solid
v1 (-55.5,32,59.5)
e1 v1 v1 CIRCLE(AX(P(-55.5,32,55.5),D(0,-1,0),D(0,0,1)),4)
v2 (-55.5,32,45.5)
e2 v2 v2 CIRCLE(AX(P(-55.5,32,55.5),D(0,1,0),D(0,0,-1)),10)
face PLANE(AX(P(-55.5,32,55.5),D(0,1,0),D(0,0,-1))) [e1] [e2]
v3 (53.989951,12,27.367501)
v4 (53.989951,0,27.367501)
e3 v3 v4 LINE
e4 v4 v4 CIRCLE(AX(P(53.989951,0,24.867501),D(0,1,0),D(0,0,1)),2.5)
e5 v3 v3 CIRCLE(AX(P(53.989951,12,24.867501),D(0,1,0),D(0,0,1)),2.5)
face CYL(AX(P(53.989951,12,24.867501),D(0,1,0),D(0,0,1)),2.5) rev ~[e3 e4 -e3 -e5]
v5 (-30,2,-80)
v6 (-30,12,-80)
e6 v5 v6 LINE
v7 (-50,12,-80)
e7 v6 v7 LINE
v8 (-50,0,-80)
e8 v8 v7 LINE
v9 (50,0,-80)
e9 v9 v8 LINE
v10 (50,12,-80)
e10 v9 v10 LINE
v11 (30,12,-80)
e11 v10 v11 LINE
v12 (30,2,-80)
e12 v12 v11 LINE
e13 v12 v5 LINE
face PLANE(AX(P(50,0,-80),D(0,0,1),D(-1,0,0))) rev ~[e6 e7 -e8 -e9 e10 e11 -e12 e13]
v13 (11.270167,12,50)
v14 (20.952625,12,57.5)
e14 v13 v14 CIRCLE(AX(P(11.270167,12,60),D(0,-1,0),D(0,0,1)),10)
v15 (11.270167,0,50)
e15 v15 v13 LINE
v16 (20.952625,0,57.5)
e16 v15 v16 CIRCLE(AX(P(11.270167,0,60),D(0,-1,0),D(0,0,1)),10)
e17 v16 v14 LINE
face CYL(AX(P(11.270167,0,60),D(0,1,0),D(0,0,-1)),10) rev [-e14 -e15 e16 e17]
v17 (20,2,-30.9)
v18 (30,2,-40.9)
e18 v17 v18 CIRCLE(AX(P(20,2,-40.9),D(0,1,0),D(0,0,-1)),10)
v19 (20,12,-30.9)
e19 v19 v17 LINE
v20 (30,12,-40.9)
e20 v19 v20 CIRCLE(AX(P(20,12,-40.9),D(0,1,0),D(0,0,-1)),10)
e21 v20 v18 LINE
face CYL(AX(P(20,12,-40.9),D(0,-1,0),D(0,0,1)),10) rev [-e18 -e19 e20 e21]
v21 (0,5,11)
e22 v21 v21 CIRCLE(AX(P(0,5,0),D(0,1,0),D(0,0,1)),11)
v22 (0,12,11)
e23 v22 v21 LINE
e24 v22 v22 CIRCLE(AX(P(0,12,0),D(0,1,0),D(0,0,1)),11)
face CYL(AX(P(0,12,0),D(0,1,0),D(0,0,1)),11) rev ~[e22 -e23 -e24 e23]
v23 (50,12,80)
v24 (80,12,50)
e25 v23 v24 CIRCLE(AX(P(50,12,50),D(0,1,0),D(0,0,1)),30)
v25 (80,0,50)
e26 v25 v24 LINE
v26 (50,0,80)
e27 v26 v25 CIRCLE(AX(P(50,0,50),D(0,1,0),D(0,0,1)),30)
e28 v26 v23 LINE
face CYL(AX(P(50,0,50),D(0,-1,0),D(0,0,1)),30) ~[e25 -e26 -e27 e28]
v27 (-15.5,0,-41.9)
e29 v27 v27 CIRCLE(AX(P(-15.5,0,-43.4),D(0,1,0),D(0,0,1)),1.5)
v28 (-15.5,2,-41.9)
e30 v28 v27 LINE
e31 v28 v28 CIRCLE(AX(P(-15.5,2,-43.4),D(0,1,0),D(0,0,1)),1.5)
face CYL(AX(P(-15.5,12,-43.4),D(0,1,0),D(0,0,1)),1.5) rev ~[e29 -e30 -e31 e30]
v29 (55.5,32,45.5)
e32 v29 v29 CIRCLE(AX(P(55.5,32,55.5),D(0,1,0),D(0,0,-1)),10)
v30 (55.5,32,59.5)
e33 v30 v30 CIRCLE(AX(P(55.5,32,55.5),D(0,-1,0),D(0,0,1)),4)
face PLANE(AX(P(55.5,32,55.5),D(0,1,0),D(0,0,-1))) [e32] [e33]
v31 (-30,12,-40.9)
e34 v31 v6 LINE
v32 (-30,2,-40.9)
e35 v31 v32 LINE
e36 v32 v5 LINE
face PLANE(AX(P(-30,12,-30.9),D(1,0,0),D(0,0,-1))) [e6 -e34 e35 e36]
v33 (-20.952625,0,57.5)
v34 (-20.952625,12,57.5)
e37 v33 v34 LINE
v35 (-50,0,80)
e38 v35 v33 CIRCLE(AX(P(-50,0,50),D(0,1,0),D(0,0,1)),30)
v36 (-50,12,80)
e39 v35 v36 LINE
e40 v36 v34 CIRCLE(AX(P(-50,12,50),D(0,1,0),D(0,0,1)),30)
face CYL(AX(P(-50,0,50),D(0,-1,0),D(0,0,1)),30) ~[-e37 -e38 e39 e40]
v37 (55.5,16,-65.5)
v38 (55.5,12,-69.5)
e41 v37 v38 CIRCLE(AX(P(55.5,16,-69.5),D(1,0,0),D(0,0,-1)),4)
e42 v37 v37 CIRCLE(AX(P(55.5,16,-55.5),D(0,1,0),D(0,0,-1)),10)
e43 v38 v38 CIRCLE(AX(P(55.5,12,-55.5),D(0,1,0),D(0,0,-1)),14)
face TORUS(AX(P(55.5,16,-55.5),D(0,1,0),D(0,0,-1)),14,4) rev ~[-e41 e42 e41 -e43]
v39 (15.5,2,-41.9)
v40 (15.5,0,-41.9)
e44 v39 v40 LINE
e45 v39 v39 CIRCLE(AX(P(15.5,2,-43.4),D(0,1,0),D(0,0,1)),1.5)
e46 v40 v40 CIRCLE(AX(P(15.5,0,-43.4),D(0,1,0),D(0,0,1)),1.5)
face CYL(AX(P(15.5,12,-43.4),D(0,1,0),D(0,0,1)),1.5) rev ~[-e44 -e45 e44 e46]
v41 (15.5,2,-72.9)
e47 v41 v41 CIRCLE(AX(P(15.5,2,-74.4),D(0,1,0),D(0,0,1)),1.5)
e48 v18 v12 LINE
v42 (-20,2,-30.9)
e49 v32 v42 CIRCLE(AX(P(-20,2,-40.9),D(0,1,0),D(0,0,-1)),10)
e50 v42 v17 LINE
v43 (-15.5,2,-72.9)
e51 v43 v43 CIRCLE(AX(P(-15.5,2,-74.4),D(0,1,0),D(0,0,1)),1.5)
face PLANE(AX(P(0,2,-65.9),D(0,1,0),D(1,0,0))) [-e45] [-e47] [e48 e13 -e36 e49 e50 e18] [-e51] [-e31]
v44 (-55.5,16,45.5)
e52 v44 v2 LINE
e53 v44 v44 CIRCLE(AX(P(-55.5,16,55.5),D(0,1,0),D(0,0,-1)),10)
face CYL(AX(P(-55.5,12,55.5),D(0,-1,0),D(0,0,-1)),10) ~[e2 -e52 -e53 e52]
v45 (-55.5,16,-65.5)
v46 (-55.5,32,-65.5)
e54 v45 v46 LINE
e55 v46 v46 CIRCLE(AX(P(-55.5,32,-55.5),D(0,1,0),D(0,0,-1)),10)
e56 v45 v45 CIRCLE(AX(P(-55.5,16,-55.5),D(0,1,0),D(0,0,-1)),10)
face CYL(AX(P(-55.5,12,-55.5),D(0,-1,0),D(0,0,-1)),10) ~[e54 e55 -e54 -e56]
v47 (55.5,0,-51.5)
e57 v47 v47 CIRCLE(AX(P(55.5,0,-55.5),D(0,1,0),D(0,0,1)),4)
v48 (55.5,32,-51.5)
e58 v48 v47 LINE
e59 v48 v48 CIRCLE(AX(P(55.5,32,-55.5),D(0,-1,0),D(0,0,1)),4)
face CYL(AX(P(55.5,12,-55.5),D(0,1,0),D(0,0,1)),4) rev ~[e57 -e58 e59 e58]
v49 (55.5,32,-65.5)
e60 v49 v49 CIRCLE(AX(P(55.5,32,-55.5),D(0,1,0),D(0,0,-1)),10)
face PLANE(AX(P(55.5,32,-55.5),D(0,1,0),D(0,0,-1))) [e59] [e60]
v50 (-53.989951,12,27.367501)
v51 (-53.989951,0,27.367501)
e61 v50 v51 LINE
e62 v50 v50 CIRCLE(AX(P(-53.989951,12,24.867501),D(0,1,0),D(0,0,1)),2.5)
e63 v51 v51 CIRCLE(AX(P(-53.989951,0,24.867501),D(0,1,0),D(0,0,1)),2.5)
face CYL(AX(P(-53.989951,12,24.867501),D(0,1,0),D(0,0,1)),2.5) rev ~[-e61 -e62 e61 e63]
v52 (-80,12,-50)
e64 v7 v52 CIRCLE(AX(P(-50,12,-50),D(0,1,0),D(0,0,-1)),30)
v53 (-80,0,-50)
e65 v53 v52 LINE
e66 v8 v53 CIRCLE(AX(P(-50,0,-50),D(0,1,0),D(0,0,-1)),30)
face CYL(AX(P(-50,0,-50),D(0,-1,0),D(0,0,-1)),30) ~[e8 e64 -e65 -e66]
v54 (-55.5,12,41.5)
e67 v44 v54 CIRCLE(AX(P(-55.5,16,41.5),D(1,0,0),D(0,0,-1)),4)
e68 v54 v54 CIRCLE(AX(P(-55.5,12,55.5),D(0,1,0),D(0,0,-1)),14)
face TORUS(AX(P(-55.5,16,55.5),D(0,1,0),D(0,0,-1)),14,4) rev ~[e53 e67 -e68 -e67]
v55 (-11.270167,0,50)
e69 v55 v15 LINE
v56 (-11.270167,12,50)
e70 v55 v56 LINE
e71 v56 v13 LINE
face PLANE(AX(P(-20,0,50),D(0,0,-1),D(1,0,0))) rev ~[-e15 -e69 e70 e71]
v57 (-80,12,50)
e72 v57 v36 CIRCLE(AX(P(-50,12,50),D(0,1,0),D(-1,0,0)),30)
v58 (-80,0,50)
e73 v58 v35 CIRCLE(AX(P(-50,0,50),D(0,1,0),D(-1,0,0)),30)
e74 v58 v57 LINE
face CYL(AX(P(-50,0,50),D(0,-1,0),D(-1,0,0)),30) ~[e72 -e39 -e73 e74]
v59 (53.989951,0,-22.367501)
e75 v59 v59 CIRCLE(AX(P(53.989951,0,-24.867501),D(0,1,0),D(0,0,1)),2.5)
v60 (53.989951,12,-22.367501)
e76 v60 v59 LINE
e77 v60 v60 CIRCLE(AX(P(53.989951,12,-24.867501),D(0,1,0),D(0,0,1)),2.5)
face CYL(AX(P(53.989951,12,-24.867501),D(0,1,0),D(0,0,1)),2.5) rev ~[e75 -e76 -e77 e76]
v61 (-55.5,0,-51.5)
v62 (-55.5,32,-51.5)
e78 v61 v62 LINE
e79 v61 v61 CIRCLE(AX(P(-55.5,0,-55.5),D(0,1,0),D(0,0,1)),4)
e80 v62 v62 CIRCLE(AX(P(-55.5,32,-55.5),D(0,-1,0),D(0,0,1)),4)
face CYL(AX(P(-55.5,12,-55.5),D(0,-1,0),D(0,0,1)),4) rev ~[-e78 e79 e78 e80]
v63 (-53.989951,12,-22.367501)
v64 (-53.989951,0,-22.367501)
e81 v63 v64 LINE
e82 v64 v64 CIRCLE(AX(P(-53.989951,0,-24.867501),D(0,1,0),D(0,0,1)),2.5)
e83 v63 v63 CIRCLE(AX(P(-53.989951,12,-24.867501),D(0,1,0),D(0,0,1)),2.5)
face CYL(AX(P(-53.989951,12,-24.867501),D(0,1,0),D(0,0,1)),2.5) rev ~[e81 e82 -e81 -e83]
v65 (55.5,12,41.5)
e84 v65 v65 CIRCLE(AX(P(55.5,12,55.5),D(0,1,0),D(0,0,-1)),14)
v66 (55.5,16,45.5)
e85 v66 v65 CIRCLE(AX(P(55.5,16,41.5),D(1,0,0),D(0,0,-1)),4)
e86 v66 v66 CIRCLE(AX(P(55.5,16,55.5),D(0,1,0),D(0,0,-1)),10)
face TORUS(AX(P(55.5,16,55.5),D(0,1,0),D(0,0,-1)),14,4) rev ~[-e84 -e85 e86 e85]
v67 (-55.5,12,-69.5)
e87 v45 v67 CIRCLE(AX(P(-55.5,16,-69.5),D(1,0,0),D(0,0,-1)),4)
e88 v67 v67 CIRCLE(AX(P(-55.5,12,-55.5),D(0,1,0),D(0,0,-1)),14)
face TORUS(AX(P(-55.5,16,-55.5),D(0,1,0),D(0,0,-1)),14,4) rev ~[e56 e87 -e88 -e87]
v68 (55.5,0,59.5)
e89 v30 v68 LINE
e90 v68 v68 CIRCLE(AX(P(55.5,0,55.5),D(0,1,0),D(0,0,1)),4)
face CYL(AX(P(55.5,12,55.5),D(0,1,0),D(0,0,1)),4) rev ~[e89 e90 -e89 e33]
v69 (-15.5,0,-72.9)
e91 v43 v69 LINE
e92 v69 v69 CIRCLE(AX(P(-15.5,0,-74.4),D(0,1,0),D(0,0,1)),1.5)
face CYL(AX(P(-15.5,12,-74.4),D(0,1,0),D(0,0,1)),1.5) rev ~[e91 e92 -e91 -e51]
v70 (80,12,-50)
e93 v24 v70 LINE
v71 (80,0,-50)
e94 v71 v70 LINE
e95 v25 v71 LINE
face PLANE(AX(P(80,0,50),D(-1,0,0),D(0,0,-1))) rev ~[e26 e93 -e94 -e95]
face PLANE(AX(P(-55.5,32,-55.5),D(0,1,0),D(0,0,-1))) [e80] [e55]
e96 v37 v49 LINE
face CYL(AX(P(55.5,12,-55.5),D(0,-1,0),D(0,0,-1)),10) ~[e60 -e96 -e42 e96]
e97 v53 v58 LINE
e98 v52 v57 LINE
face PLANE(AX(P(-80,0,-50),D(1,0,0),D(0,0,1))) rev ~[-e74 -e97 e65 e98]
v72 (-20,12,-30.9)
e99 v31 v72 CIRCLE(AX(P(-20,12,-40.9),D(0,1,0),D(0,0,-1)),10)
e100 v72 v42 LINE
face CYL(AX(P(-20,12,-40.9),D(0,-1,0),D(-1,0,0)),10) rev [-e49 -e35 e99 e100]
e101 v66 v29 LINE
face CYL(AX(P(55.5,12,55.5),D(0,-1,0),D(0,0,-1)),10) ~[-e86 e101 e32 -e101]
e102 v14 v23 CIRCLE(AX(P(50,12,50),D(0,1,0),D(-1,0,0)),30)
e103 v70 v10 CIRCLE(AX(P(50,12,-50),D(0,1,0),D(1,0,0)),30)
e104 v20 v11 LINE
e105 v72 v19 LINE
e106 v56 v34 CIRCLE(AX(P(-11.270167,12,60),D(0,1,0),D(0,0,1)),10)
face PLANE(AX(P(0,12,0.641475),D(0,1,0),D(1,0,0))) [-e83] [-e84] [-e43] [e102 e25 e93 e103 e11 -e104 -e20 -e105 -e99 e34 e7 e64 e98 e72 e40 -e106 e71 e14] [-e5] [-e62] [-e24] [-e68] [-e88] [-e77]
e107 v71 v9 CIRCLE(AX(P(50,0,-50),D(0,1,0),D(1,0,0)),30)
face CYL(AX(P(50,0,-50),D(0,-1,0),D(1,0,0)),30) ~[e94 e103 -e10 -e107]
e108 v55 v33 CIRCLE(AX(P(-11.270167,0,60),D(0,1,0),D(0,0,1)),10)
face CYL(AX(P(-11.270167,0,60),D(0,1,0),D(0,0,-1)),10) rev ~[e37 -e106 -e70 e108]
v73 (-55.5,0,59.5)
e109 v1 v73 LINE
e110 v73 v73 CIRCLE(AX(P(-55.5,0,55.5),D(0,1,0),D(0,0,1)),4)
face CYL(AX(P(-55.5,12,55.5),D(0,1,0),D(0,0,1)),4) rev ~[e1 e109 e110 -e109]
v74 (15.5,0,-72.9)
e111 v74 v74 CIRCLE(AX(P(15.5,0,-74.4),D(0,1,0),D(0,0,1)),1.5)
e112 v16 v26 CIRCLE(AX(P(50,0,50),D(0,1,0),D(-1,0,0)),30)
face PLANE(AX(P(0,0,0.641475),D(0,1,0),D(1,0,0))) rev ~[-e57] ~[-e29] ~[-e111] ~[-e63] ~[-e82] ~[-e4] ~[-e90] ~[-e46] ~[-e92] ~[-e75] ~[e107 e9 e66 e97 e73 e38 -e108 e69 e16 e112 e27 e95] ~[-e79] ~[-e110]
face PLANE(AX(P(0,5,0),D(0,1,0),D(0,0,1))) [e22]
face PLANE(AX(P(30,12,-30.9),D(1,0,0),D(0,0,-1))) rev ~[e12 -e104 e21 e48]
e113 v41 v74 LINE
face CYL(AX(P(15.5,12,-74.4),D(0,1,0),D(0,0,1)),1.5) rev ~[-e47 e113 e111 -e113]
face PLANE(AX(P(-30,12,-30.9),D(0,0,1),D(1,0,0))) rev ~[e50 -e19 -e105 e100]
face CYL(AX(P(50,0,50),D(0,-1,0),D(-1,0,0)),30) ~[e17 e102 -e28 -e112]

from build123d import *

# Parameters (mm, degrees)
BOSS_EXTRUDE6_DEPTH = 12
FILLET4_R           = 10
SKETCH13_R          = 4
CUT_EXTRUDE5_DEPTH  = 114.771701227
SKETCH14_R          = 10
BOSS_EXTRUDE7_DEPTH = 20
SKETCH15_R          = 4
CUT_EXTRUDE6_DEPTH  = 115.891252931
FILLET5_R           = 4
SKETCH16_R          = 11
CUT_EXTRUDE7_DEPTH  = 7
SKETCH17_R          = 1.5
CUT_EXTRUDE8_DEPTH  = 115.891252931
SKETCH18_W          = 60
SKETCH18_H          = 70
CUT_EXTRUDE9_DEPTH  = 10
FILLET6_R           = 10
SKETCH19_R          = 2.5
CUT_EXTRUDE10_DEPTH = 115.891252931


with BuildPart() as part:
    # Sketch12 → Boss-Extrude6 (new body)
    with BuildSketch(Plane(origin=(0, 0, 0), x_dir=(1, 0, 0), z_dir=(0, 1, 0))):
        with BuildLine():
            Line((-20, -50), (20, -50))
            ThreePointArc((20, -50), (28.786796564, -71.213203436), (50, -80))
            ThreePointArc((50, -80), (71.213203436, -71.213203436), (80, -50))
            Line((80, -50), (80, 50))
            ThreePointArc((80, 50), (71.213203436, 71.213203436), (50, 80))
            Line((50, 80), (-50, 80))
            ThreePointArc((-50, 80), (-71.213203436, 71.213203436), (-80, 50))
            Line((-80, 50), (-80, -50))
            ThreePointArc((-80, -50), (-71.213203436, -71.213203436), (-50, -80))
            ThreePointArc((-50, -80), (-28.786796564, -71.213203436), (-20, -50))
        make_face()
    extrude(amount=BOSS_EXTRUDE6_DEPTH)

    # Fillet4
    fillet4_edges = [part.edges().sort_by_distance(p)[0] for p in [
        (20, 6, 50),
        (-20, 6, 50),
    ]]
    fillet(fillet4_edges, radius=FILLET4_R)

    # Sketch13 → Cut-Extrude5 (cut, through all)
    with BuildSketch(Plane(origin=(0, 12, 0), x_dir=(1, 0, 0), z_dir=(0, 1, 0))):
        with Locations(Location((-55.5, 55.5, 0), (0, 0, 270))):
            Circle(SKETCH13_R)
        with Locations(Location((55.5, 55.5, 0), (0, 0, 270))):
            Circle(SKETCH13_R)
        with Locations(Location((-55.5, -55.5, 0), (0, 0, 270))):
            Circle(SKETCH13_R)
        with Locations(Location((55.5, -55.5, 0), (0, 0, 270))):
            Circle(SKETCH13_R)
    extrude(amount=-CUT_EXTRUDE5_DEPTH, mode=Mode.SUBTRACT)

    # Sketch14 → Boss-Extrude7 (add)
    with BuildSketch(Plane(origin=(0, 12, 0), x_dir=(1, 0, 0), z_dir=(0, 1, 0))):
        with Locations(Location((-55.5, 55.5, 0), (0, 0, 90))):
            Circle(SKETCH14_R)
        with Locations(Location((55.5, 55.5, 0), (0, 0, 90))):
            Circle(SKETCH14_R)
        with Locations(Location((-55.5, -55.5, 0), (0, 0, 90))):
            Circle(SKETCH14_R)
        with Locations(Location((55.5, -55.5, 0), (0, 0, 90))):
            Circle(SKETCH14_R)
    extrude(amount=BOSS_EXTRUDE7_DEPTH)

    # Sketch15 → Cut-Extrude6 (cut, through all)
    with BuildSketch(Plane.XZ.offset(-12)):
        with Locations(Location((-55.5, -55.5, 0), (0, 0, 90))):
            Circle(SKETCH15_R)
        with Locations(Location((-55.5, 55.5, 0), (0, 0, 90))):
            Circle(SKETCH15_R)
        with Locations(Location((55.5, 55.5, 0), (0, 0, 90))):
            Circle(SKETCH15_R)
        with Locations(Location((55.5, -55.5, 0), (0, 0, 90))):
            Circle(SKETCH15_R)
    extrude(amount=-CUT_EXTRUDE6_DEPTH, mode=Mode.SUBTRACT)

    # Fillet5
    fillet5_edges = [part.edges().sort_by_distance(p)[0] for p in [
        (-55.5, 12, -45.5),
        (-55.5, 12, 65.5),
        (55.5, 12, 65.5),
        (55.5, 12, -45.5),
    ]]
    fillet(fillet5_edges, radius=FILLET5_R)

    # Sketch16 → Cut-Extrude7 (cut)
    with BuildSketch(Plane(origin=(0, 12, 0), x_dir=(1, 0, 0), z_dir=(0, 1, 0))):
        with Locations(Location((0, 0, 0), (0, 0, 270))):
            Circle(SKETCH16_R)
    extrude(amount=-CUT_EXTRUDE7_DEPTH, mode=Mode.SUBTRACT)

    # Sketch17 → Cut-Extrude8 (cut, through all)
    with BuildSketch(Plane(origin=(0, 12, 0), x_dir=(1, 0, 0), z_dir=(0, 1, 0))):
        with Locations(Location((-15.5, 74.4, 0), (0, 0, 270))):
            Circle(SKETCH17_R)
        with Locations(Location((15.5, 74.4, 0), (0, 0, 270))):
            Circle(SKETCH17_R)
        with Locations(Location((-15.5, 43.4, 0), (0, 0, 270))):
            Circle(SKETCH17_R)
        with Locations(Location((15.5, 43.4, 0), (0, 0, 270))):
            Circle(SKETCH17_R)
    extrude(amount=-CUT_EXTRUDE8_DEPTH, mode=Mode.SUBTRACT)

    # Sketch18 → Cut-Extrude9 (cut)
    with BuildSketch(Plane(origin=(0, 12, 0), x_dir=(1, 0, 0), z_dir=(0, 1, 0))):
        with Locations((0, 65.9)):
            Rectangle(SKETCH18_W, SKETCH18_H)
    extrude(amount=-CUT_EXTRUDE9_DEPTH, mode=Mode.SUBTRACT)

    # Fillet6
    fillet6_edges = [part.edges().sort_by_distance(p)[0] for p in [
        (-30, 7, -30.9),
        (30, 7, -30.9),
    ]]
    fillet(fillet6_edges, radius=FILLET6_R)

    # Sketch19 → Cut-Extrude10 (cut, through all)
    with BuildSketch(Plane(origin=(0, 12, 0), x_dir=(1, 0, 0), z_dir=(0, 1, 0))):
        with Locations(Location((-53.98995062, 24.867500749, 0), (0, 0, 270))):
            Circle(SKETCH19_R)
        with Locations(Location((-53.98995062, -24.867500749, 0), (0, 0, 270))):
            Circle(SKETCH19_R)
        with Locations(Location((53.98995062, 24.867500749, 0), (0, 0, 270))):
            Circle(SKETCH19_R)
        with Locations(Location((53.98995062, -24.867500749, 0), (0, 0, 270))):
            Circle(SKETCH19_R)
    extrude(amount=-CUT_EXTRUDE10_DEPTH, mode=Mode.SUBTRACT)


solid = part.part
